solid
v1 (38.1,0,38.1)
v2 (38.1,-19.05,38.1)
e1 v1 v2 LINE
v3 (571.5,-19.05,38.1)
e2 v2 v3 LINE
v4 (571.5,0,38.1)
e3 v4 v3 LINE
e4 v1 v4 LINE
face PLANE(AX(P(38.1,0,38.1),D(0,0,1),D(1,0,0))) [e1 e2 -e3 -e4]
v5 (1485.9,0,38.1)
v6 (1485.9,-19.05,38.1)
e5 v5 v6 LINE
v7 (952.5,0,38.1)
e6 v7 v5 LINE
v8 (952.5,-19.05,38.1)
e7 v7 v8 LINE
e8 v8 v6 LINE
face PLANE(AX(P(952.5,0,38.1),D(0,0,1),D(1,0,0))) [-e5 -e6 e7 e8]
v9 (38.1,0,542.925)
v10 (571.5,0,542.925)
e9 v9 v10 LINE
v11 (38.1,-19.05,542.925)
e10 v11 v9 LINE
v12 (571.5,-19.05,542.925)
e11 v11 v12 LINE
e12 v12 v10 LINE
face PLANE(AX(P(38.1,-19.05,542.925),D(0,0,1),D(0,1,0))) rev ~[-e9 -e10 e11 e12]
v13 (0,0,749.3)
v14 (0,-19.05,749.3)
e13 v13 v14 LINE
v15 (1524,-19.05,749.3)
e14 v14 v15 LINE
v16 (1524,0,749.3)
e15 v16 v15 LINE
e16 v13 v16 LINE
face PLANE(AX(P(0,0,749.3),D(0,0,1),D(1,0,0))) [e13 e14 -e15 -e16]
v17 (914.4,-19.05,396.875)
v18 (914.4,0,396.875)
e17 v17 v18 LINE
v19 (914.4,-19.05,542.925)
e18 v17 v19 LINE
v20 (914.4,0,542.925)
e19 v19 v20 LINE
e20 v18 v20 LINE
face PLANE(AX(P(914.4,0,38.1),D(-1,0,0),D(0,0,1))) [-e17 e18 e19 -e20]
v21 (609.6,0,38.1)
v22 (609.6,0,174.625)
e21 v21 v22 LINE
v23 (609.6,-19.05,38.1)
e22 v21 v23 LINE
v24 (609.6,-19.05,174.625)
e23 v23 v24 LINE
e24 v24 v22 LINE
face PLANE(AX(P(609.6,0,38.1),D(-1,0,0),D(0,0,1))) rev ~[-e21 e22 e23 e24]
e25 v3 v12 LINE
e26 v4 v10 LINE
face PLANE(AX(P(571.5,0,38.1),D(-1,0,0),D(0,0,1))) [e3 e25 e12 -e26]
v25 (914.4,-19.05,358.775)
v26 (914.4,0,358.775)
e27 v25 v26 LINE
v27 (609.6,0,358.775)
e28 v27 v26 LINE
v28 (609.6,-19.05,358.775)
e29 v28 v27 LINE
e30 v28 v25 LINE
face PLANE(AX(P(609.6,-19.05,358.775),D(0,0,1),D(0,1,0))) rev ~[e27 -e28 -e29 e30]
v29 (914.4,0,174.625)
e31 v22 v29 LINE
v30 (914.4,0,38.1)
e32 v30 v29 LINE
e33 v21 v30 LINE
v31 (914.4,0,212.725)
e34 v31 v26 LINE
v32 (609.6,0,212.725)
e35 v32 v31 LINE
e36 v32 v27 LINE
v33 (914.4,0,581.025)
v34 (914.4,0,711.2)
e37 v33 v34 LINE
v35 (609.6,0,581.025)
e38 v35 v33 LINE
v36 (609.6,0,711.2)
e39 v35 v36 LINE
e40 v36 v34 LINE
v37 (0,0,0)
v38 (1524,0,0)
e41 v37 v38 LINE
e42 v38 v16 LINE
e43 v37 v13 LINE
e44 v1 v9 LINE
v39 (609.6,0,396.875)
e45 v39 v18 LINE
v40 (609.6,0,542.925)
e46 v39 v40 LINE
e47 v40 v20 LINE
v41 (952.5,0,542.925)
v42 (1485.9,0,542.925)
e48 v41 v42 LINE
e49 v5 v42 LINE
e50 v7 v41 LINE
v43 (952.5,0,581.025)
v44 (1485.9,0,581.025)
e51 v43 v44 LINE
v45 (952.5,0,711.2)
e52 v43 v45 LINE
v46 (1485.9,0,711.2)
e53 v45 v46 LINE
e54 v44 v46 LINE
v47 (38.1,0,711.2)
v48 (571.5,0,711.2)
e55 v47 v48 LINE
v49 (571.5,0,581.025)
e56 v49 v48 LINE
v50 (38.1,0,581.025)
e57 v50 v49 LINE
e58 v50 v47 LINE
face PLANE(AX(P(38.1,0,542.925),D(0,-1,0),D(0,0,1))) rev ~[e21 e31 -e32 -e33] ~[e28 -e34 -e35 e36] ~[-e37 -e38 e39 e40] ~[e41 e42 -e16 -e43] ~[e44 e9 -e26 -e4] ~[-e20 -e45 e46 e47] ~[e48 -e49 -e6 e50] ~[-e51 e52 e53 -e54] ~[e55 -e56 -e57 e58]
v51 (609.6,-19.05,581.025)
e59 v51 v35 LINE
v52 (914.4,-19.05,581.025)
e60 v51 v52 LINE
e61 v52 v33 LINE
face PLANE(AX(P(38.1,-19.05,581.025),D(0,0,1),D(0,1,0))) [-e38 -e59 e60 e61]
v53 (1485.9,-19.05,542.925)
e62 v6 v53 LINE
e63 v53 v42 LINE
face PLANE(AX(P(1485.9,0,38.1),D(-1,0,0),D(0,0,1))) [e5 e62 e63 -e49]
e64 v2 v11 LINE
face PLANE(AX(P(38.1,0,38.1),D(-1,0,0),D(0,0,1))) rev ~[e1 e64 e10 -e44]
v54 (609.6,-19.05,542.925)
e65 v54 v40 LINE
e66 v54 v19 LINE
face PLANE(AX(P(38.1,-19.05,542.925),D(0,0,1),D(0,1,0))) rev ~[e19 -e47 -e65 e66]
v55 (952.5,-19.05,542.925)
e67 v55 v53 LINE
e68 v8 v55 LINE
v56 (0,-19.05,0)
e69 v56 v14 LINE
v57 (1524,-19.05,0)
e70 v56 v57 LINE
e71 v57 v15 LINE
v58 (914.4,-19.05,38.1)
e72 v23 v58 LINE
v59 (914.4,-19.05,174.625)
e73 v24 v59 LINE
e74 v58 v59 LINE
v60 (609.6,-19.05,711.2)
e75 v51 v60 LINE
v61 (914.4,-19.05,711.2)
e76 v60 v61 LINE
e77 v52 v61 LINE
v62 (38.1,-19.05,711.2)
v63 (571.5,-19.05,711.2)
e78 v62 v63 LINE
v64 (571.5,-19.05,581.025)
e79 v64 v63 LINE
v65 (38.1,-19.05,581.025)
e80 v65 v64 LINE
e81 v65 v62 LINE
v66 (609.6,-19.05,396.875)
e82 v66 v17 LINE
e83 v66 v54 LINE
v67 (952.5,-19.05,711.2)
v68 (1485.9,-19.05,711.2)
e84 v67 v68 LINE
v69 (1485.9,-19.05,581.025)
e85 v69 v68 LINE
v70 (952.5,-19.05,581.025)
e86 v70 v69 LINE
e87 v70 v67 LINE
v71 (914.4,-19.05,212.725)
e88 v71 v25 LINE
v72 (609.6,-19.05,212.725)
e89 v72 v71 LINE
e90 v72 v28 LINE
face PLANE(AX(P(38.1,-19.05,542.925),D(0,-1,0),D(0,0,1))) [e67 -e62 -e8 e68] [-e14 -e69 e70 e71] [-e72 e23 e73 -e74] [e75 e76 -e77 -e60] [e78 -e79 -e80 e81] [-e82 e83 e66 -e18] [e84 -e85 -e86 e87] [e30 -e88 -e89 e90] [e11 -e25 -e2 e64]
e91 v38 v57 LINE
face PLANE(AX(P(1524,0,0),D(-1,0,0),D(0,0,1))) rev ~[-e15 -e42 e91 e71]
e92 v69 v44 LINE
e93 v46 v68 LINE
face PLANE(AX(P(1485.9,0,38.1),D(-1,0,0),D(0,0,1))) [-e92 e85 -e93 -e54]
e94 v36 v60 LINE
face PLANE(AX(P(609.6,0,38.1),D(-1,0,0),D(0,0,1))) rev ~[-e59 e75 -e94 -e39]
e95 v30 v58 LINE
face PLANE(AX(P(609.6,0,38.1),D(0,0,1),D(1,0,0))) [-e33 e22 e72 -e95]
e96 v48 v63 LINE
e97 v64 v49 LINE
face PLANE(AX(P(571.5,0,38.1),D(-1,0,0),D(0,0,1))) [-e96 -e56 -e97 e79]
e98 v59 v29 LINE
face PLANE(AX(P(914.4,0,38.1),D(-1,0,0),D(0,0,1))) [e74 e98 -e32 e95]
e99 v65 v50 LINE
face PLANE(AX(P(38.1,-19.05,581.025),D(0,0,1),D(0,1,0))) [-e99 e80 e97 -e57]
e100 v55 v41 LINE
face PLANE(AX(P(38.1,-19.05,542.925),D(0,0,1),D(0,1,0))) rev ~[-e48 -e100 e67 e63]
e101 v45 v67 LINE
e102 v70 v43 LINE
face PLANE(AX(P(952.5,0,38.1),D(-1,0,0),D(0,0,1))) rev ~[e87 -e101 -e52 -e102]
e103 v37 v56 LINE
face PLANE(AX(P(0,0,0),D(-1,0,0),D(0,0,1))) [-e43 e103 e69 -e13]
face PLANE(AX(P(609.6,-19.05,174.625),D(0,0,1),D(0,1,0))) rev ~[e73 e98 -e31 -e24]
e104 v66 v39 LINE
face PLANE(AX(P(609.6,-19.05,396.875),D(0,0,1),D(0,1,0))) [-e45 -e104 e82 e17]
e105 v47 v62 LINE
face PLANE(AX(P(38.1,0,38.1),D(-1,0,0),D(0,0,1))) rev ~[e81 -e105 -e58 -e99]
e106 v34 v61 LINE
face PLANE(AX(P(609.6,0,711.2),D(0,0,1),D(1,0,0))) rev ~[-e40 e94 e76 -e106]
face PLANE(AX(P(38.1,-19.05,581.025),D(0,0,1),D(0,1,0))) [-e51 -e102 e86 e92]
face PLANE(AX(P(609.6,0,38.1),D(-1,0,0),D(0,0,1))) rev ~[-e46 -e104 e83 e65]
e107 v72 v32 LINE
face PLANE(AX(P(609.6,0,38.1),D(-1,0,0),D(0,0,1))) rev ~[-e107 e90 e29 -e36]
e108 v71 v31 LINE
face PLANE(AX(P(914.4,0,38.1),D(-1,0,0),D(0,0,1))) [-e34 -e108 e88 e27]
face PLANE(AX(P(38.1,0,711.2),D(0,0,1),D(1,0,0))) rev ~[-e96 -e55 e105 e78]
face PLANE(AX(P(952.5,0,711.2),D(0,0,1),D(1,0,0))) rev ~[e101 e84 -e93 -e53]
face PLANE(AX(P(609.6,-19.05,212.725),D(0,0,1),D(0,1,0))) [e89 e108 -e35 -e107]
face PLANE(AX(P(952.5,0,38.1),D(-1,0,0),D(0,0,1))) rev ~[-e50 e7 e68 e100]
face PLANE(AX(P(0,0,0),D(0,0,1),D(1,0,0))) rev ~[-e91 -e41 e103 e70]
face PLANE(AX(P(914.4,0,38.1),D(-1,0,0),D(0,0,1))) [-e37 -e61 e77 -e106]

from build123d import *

# Parameters (mm, degrees)
F0_W     = 1524
F0_H     = 749.3
F0_W_2   = 533.4
F0_H_2   = 673.1
F0_W_3   = 304.8
F1_DEPTH = 19.05
F2_W     = 19.05
F2_H     = 38.1
F3_DEPTH = 1447.8
F4_W     = 19.05
F4_H     = 38.1
F5_DEPTH = 304.8
F6_W     = 19.05
F6_H     = 38.1
F7_DEPTH = 304.8


with BuildPart() as f1:
    # F0 (on Front) → F1 (new body)
    with BuildSketch(Plane.XZ):
        with Locations((762, 374.65)):
            Rectangle(F0_W, F0_H)
        with Locations((304.8, 374.65)):
            Rectangle(F0_W_2, F0_H_2, mode=Mode.SUBTRACT)
        with Locations((762, 374.65)):
            Rectangle(F0_W_3, F0_H_2, mode=Mode.SUBTRACT)
        with Locations((1219.2, 374.65)):
            Rectangle(F0_W_2, F0_H_2, mode=Mode.SUBTRACT)
    extrude(amount=F1_DEPTH)

    # F2 (on face) → F3 (join, through all)
    with BuildSketch(Plane.YZ.offset(38.1)):
        with Locations((-9.525, 561.975)):
            Rectangle(F2_W, F2_H)
    extrude(amount=F3_DEPTH)

    # F4 (on face) → F5 (join, through all)
    with BuildSketch(Plane.YZ.offset(609.6)):
        with Locations((-9.525, 377.825)):
            Rectangle(F4_W, F4_H)
    extrude(amount=F5_DEPTH)

    # F6 (on face) → F7 (join, through all)
    with BuildSketch(Plane.YZ.offset(609.6)):
        with Locations((-9.525, 193.675)):
            Rectangle(F6_W, F6_H)
    extrude(amount=F7_DEPTH)


solid = f1.part
